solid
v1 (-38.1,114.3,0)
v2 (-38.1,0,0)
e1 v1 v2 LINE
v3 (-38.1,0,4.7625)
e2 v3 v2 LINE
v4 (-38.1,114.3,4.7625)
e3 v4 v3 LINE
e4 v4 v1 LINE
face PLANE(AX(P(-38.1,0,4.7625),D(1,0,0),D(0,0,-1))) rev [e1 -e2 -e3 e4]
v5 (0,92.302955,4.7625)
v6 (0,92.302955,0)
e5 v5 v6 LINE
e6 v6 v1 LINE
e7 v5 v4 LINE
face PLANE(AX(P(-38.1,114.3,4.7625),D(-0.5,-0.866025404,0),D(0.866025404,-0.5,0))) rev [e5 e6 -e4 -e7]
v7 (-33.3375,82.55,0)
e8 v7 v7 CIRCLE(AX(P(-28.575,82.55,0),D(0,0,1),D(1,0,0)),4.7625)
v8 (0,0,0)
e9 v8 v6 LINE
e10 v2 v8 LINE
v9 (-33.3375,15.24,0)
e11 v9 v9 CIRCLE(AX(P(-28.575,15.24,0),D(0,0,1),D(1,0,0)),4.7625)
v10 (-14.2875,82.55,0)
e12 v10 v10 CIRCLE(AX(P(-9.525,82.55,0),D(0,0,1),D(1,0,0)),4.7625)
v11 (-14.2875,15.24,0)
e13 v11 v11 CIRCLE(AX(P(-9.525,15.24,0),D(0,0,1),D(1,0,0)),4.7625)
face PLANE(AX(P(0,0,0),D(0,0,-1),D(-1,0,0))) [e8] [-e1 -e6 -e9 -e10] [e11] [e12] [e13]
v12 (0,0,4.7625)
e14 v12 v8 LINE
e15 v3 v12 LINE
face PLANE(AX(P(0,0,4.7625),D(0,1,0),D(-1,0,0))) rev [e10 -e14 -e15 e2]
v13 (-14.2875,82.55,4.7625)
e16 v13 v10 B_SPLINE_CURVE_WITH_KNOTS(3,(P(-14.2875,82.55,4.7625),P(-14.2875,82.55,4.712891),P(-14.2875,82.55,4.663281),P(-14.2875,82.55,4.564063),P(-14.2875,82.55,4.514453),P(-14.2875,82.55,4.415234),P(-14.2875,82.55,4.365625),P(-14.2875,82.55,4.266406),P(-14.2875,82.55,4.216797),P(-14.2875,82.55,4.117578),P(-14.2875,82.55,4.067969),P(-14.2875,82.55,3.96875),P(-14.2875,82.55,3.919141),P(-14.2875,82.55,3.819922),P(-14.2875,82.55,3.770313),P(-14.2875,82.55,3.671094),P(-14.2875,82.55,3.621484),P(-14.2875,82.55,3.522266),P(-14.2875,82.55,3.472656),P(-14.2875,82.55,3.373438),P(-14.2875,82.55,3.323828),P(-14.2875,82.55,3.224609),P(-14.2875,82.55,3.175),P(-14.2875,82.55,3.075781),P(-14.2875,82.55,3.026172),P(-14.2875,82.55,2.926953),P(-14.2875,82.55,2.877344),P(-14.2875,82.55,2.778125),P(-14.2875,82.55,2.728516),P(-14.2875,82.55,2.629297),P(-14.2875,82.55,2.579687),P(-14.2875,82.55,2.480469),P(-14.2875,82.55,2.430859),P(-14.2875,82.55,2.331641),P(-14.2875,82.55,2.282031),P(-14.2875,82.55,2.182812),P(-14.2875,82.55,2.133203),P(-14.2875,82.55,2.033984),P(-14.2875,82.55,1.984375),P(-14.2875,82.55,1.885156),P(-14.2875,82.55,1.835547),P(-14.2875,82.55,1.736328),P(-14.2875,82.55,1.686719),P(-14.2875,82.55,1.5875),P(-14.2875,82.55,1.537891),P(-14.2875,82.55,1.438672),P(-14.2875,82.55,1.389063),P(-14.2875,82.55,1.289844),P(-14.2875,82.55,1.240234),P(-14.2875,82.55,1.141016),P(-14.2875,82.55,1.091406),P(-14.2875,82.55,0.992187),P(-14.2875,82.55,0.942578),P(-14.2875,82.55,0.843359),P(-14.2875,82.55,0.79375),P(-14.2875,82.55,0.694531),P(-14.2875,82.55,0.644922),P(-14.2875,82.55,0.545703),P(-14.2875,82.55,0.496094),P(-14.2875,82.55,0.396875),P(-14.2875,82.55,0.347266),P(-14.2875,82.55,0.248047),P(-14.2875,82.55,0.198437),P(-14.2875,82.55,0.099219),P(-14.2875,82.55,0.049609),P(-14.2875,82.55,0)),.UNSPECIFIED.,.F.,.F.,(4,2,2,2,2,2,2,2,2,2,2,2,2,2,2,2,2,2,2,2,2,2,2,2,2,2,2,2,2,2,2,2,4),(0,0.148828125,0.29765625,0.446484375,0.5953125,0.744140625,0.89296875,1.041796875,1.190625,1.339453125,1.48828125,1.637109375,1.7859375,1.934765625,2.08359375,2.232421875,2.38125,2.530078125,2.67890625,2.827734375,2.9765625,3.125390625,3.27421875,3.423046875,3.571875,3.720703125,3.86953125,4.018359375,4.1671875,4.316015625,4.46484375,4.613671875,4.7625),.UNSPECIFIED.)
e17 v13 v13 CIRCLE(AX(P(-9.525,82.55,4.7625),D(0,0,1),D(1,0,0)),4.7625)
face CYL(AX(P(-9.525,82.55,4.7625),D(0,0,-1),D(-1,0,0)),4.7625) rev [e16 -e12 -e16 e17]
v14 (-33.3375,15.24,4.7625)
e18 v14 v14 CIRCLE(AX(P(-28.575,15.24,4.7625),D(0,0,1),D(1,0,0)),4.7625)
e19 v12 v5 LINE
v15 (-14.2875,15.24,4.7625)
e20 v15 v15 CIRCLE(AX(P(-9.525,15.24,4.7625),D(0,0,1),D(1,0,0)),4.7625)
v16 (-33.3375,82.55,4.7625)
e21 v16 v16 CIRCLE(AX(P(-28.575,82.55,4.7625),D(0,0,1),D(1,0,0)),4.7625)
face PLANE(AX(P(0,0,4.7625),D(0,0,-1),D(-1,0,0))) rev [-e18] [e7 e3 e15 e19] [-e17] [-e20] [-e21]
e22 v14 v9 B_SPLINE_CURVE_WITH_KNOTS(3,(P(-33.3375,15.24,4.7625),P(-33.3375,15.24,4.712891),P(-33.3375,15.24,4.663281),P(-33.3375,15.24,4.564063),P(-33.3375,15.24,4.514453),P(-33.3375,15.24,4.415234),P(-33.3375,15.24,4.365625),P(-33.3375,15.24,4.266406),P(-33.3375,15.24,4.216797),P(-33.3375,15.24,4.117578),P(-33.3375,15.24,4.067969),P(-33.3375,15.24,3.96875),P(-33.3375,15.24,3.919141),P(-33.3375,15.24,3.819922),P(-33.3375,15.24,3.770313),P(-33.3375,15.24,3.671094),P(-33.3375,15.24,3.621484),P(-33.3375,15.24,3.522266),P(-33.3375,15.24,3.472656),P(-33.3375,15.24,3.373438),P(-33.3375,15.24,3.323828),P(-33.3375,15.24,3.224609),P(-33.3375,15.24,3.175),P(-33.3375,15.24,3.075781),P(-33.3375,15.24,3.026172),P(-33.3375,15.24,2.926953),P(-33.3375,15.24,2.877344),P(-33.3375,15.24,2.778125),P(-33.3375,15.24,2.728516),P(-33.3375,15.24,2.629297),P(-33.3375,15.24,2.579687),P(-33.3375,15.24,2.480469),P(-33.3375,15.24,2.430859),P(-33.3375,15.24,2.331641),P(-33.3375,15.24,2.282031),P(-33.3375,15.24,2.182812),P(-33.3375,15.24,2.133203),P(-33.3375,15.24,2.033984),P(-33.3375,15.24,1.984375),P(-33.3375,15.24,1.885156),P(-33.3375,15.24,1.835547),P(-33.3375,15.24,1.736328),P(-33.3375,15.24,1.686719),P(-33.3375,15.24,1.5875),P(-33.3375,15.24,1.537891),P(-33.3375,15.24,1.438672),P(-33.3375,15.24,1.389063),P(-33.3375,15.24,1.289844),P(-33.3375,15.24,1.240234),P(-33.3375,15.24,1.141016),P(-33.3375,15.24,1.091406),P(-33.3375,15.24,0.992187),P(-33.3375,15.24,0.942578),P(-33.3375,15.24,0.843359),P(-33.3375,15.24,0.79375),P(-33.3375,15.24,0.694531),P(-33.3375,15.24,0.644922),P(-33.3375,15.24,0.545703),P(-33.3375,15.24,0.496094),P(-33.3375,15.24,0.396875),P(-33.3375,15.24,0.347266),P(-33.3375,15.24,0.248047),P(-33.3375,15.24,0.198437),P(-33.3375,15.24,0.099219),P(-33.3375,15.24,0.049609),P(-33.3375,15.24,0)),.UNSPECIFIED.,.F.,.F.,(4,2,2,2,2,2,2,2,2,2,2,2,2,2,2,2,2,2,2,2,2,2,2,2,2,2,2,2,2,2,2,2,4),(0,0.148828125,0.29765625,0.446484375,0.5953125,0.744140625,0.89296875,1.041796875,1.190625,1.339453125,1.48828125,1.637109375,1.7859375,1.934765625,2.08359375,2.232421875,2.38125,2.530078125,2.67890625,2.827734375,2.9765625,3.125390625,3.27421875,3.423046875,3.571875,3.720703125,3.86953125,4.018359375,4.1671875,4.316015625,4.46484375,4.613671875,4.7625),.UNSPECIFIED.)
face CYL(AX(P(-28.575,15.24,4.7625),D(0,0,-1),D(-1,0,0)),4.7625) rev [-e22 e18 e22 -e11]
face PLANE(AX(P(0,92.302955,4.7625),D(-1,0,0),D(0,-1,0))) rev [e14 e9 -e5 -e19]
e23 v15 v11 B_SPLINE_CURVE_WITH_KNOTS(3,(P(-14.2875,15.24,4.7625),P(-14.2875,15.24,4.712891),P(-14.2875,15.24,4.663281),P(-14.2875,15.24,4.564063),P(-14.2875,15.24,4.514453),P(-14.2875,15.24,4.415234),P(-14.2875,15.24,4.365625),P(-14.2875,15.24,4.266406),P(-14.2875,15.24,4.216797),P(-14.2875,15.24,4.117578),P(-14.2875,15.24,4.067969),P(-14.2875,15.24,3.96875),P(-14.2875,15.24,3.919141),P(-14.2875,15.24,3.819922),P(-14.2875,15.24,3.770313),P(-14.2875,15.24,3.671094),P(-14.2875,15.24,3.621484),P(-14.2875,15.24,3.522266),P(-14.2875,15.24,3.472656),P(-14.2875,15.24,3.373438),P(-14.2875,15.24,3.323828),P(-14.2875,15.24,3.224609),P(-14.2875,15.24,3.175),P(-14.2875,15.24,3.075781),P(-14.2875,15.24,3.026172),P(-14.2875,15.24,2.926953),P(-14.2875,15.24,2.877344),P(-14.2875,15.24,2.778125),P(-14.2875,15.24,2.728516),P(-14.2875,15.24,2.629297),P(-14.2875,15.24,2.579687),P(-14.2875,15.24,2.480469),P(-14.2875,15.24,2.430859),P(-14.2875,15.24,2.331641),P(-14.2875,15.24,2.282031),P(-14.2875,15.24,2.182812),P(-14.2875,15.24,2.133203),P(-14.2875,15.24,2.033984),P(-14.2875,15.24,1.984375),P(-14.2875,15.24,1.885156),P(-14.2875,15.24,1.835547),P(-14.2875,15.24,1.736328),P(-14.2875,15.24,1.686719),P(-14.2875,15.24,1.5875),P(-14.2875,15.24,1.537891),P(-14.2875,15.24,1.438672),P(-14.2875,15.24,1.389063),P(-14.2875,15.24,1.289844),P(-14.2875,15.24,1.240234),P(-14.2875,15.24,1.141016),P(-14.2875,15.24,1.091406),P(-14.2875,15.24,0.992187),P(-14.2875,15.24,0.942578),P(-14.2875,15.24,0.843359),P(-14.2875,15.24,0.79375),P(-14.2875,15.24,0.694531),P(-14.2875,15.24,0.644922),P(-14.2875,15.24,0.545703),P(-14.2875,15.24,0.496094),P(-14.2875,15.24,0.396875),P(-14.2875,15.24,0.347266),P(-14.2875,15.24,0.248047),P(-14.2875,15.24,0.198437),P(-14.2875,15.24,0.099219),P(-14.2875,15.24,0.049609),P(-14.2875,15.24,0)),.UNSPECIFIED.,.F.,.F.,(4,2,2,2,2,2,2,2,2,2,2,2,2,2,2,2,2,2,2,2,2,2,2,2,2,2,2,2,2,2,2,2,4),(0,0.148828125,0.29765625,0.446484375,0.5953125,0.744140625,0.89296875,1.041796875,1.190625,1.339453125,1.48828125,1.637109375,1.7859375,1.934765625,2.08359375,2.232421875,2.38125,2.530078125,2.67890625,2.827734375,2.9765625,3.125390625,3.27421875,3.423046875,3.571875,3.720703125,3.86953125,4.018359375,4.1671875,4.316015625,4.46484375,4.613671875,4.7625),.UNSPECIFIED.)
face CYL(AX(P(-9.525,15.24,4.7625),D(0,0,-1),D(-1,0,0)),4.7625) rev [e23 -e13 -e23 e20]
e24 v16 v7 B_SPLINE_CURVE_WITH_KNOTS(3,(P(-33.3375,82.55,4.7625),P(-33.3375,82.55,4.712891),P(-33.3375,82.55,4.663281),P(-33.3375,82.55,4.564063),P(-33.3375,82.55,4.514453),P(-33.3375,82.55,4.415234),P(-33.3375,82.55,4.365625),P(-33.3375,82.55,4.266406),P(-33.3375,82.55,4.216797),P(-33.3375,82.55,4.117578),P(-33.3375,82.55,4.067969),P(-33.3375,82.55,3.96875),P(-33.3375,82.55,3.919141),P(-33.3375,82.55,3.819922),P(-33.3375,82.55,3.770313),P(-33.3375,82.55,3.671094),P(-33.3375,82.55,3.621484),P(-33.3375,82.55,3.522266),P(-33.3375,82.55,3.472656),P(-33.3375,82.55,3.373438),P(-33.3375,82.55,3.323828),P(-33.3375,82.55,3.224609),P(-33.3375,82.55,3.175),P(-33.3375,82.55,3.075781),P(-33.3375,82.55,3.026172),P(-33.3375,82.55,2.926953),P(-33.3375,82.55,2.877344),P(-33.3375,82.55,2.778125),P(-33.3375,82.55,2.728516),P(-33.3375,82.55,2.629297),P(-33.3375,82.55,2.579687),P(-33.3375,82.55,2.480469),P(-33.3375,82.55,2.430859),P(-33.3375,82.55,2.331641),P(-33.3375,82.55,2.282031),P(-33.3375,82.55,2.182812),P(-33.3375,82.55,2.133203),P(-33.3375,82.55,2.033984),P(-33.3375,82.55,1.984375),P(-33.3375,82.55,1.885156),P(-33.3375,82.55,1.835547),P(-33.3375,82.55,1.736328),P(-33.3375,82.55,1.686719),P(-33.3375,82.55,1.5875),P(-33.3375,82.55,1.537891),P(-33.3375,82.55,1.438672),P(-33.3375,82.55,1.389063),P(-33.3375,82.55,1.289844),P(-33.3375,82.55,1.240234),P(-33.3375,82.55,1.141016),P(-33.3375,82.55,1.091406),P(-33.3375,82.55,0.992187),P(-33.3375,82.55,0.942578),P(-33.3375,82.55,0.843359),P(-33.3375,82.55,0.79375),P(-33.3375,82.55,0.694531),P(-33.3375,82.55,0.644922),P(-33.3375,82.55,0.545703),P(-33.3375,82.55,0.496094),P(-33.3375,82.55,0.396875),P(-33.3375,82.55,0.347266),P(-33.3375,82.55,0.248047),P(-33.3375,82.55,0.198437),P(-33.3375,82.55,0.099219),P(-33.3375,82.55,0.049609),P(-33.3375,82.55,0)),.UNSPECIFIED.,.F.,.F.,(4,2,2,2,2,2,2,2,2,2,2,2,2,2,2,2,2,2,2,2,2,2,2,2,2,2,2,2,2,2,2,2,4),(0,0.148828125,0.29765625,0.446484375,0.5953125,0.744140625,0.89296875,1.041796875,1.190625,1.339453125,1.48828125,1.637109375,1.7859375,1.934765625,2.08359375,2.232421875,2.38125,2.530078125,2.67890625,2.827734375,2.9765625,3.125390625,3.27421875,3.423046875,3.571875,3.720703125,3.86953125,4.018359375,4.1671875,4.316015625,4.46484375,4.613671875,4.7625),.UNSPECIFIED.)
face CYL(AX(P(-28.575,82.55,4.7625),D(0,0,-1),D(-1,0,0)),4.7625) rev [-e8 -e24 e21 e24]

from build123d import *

# Parameters (mm, degrees)
SKETCH1_R           = 4.7625
BOSS_EXTRUDE1_DEPTH = 4.7625


with BuildPart() as part:
    # Sketch1 → Boss-Extrude1 (new body)
    with BuildSketch(Plane.XY):
        Polygon((0, 0), (-38.1, 0), (-38.1, 114.3), (0, 92.302954744), align=None)
        with Locations(Location((-28.575, 15.24, 0), (0, 0, 180))):
            Circle(SKETCH1_R, mode=Mode.SUBTRACT)
        with Locations(Location((-9.525, 15.24, 0), (0, 0, 180))):
            Circle(SKETCH1_R, mode=Mode.SUBTRACT)
        with Locations(Location((-28.575, 82.55, 0), (0, 0, 180))):
            Circle(SKETCH1_R, mode=Mode.SUBTRACT)
        with Locations(Location((-9.525, 82.55, 0), (0, 0, 180))):
            Circle(SKETCH1_R, mode=Mode.SUBTRACT)
    extrude(amount=BOSS_EXTRUDE1_DEPTH)


solid = part.part
